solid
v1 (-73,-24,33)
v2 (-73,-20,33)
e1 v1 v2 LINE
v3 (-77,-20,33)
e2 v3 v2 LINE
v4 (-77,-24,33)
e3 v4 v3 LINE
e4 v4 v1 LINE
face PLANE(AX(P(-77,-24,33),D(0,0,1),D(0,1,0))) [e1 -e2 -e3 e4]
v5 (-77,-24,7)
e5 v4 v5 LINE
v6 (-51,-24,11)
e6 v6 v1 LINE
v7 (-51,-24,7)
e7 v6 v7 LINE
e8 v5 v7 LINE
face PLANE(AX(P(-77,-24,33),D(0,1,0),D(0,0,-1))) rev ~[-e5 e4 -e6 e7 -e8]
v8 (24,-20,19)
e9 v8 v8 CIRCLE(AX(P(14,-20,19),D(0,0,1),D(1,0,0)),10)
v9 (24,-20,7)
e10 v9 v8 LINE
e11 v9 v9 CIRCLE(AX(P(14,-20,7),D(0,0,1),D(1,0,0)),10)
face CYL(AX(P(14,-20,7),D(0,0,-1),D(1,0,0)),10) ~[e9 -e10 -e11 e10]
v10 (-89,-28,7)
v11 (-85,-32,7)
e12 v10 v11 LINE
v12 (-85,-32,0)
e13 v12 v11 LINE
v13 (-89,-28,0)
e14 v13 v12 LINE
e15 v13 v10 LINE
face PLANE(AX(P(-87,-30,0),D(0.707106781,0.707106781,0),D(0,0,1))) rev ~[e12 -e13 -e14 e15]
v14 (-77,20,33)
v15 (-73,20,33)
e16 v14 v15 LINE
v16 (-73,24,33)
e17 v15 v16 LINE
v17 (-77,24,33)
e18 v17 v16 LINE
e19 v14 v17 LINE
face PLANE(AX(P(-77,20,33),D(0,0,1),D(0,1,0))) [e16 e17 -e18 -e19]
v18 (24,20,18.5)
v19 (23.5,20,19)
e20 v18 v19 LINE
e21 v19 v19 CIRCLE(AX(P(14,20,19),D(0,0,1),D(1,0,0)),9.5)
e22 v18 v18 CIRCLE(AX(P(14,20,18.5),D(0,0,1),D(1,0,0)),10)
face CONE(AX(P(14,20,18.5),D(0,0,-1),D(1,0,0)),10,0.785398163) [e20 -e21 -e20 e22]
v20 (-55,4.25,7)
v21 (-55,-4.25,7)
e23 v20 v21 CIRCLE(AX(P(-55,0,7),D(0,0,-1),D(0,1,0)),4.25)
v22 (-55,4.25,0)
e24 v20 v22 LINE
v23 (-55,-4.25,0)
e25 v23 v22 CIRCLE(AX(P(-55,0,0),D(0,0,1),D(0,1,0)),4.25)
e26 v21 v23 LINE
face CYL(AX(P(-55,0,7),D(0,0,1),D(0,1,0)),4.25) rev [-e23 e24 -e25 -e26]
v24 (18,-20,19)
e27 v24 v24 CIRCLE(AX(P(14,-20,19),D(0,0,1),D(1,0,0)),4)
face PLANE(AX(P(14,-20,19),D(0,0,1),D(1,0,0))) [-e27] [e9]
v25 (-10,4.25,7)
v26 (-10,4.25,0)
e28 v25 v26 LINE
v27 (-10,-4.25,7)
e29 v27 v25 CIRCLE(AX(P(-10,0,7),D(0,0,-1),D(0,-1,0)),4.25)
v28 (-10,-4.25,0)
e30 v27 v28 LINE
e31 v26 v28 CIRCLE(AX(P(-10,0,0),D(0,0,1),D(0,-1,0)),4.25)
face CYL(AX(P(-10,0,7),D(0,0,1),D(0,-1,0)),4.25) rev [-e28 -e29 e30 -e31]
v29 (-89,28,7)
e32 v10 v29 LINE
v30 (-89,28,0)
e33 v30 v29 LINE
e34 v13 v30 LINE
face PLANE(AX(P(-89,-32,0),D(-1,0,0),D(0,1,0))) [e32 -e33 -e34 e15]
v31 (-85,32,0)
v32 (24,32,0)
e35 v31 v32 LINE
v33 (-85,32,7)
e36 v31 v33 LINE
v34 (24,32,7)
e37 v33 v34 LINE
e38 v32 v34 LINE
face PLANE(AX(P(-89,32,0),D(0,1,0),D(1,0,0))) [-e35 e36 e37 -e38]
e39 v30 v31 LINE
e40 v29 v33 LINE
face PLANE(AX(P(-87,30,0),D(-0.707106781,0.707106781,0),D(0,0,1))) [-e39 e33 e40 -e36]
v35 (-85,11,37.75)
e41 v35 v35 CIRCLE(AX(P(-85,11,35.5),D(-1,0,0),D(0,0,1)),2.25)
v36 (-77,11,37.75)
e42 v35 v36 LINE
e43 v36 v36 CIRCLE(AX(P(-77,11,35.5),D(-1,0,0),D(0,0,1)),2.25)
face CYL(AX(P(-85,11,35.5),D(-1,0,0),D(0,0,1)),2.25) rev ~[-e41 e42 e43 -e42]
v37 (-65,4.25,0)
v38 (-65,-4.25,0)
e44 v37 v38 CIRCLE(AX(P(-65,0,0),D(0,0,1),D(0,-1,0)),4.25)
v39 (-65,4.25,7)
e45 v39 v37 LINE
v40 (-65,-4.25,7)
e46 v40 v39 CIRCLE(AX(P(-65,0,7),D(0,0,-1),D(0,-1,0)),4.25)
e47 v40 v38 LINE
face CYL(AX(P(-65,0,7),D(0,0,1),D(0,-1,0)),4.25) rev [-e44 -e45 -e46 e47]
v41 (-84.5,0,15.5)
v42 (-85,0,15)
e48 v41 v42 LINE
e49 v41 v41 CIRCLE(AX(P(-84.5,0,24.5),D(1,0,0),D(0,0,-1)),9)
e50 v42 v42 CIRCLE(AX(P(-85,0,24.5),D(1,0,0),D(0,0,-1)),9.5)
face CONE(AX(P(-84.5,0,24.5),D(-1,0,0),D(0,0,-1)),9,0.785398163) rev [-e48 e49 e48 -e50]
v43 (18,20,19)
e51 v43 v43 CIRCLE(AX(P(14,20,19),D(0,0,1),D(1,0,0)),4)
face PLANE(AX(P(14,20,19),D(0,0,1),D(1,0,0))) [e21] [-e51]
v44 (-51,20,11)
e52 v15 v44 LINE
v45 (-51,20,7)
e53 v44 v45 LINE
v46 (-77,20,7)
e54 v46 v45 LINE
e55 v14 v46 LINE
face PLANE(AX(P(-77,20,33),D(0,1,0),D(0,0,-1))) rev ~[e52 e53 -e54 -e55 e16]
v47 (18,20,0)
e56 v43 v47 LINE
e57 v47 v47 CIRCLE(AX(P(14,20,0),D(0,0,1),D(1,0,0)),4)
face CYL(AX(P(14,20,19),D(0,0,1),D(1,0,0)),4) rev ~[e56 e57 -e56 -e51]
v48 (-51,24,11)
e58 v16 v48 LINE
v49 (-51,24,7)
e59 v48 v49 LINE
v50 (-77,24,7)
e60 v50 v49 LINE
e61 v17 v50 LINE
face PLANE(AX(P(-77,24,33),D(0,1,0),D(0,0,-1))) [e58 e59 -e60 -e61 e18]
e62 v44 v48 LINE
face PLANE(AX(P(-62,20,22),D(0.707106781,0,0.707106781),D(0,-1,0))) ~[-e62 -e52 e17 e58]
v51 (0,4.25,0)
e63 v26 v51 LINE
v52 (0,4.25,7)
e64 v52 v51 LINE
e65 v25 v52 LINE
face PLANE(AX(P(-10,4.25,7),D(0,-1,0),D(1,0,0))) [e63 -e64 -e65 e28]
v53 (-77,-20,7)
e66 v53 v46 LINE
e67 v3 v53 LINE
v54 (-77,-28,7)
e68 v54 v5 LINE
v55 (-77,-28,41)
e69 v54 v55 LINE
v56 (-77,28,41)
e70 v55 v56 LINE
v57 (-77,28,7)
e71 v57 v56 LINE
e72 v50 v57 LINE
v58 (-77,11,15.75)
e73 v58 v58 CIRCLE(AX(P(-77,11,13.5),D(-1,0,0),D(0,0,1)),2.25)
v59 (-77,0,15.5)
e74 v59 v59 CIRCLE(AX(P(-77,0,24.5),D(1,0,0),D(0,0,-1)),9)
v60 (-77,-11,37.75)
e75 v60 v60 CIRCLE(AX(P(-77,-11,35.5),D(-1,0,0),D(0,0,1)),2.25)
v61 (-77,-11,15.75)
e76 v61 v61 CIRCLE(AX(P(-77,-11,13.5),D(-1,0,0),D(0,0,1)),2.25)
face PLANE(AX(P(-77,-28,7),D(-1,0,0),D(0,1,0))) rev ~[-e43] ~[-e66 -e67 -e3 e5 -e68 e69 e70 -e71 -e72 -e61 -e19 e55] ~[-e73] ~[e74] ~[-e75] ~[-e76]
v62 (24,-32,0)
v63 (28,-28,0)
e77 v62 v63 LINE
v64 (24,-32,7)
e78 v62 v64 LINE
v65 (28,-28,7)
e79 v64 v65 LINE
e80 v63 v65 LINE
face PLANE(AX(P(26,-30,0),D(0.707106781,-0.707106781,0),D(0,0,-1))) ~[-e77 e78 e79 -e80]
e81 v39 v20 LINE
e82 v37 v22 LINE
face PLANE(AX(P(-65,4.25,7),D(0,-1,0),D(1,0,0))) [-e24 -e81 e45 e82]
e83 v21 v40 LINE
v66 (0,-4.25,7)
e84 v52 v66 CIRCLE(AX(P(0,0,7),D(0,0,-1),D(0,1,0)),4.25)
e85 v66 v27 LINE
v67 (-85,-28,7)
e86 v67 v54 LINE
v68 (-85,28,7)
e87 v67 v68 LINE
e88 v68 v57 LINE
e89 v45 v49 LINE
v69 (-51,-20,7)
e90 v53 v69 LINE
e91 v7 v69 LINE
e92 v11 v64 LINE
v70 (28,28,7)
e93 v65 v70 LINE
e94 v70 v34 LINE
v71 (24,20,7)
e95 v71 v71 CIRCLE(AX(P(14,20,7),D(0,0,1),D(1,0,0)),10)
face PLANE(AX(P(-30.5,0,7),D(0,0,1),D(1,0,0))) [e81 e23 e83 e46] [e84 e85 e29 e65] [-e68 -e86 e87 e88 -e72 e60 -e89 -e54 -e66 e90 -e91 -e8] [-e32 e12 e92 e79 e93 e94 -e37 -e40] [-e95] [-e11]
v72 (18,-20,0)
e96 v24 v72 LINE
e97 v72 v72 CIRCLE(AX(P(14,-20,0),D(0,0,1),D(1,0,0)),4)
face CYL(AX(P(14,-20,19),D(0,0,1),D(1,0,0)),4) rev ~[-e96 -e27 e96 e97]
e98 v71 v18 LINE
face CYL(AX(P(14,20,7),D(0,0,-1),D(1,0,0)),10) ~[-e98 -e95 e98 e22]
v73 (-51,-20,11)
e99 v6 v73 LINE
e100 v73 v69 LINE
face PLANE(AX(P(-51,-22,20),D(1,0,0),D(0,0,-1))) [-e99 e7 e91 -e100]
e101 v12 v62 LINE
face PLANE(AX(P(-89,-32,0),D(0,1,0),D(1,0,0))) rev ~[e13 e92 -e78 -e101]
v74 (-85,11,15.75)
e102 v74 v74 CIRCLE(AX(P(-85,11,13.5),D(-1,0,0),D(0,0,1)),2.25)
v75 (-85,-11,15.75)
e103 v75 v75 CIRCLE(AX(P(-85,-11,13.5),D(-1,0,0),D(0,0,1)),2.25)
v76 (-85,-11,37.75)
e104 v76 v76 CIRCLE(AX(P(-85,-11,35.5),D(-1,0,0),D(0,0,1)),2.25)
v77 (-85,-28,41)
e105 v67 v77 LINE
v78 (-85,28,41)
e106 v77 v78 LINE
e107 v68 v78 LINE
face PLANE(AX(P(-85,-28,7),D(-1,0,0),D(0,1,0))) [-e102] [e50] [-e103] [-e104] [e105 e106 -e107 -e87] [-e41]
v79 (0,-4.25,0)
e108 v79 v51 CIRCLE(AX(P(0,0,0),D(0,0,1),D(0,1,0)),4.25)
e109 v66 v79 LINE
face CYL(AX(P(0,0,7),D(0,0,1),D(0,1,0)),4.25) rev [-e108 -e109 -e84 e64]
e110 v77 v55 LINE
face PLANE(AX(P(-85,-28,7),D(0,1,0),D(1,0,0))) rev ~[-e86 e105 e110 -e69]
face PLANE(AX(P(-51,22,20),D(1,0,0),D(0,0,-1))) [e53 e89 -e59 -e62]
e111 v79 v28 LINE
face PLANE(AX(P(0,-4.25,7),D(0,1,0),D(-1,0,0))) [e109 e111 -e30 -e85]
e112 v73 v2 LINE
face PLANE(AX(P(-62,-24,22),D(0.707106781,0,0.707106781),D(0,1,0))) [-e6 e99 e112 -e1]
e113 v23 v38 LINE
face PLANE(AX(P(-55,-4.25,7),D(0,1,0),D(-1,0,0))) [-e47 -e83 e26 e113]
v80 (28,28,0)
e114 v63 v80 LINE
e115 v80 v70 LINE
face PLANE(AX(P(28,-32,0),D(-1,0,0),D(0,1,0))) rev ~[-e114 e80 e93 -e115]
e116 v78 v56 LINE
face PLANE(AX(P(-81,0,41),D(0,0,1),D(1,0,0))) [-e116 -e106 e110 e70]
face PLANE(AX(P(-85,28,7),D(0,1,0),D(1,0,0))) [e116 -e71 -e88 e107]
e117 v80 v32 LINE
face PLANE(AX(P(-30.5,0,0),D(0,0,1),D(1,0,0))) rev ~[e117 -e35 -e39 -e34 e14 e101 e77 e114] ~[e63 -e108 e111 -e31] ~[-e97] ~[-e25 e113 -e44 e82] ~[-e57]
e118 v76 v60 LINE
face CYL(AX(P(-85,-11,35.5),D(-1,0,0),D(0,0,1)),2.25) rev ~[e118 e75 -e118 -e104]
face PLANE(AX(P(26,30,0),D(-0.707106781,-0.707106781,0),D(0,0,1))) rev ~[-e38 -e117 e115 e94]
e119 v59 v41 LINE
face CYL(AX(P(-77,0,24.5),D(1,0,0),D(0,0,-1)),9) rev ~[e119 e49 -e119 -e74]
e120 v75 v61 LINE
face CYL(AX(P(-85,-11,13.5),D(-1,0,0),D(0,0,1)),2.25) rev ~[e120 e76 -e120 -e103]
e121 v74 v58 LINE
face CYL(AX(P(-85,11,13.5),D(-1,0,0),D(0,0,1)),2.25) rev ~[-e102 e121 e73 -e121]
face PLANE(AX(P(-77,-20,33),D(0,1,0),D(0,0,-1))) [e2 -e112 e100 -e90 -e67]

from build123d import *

# Parameters (mm, degrees)
ESQUISSE1_W             = 117
ESQUISSE1_H             = 64
BASE_EXTRUSION_DEPTH    = 7
CHANFREIN1_SIZE         = 4
ESQUISSE2_R             = 10
BOSS_EXTRU_1_DEPTH      = 12
CHANFREIN3_SIZE         = 0.5
ESQUISSE5_R             = 10
BOSS_EXTRU_4_DEPTH      = 12
ESQUISSE7_W             = 8
ESQUISSE7_H             = 56
BOSS_EXTRU_7_DEPTH      = 34
ESQUISSE10_W            = 26
ESQUISSE10_H            = 4
BOSS_EXTRU_9_DEPTH      = 26
CHANFREIN6_SIZE         = 22
ESQUISSE12_W            = 26
ESQUISSE12_H            = 4
BOSS_EXTRU_11_DEPTH     = 26
CHANFREIN7_SIZE         = 22
ESQUISSE13_R            = 9
ENL_V_MAT_EXTRU_1_DEPTH = 118.175082675
CHANFREIN8_SIZE         = 0.5
ESQUISSE3_R             = 4
ENL_V_MAT_EXTRU_2_DEPTH = 98.103038058
ESQUISSE6_R             = 4
ENL_V_MAT_EXTRU_3_DEPTH = 115.893630598
ESQUISSE14_R            = 2.25
ENL_V_MAT_EXTRU_4_DEPTH = 10
ENL_V_MAT_EXTRU_5_DEPTH = 10


with BuildPart() as part:
    # Esquisse1 → Base-Extrusion (new body)
    with BuildSketch(Plane.XY):
        with Locations((-30.5, 0)):
            Rectangle(ESQUISSE1_W, ESQUISSE1_H)
    extrude(amount=BASE_EXTRUSION_DEPTH)

    # Chanfrein1
    chanfrein1_edges = [part.edges().sort_by_distance(p)[0] for p in [
        (-89, 32, 3.5),
        (28, 32, 3.5),
        (28, -32, 3.5),
        (-89, -32, 3.5),
    ]]
    chamfer(chanfrein1_edges, length=CHANFREIN1_SIZE)

    # Esquisse2 → Boss.-Extru.1 (add)
    with BuildSketch(Plane.XY.offset(7)):
        with Locations((14, 20)):
            Circle(ESQUISSE2_R)
    extrude(amount=BOSS_EXTRU_1_DEPTH)

    # Chanfrein3
    chanfrein3_edges = [part.edges().sort_by_distance(p)[0] for p in [
        (4, 20, 19),
    ]]
    chamfer(chanfrein3_edges, length=CHANFREIN3_SIZE)

    # Esquisse5 → Boss.-Extru.4 (add)
    with BuildSketch(Plane(origin=(2.388625814, -32.120396389, 7), x_dir=(1, 0, 0), z_dir=(0, 0, 1))):
        with Locations((11.611374186, 12.120396389)):
            Circle(ESQUISSE5_R)
    extrude(amount=BOSS_EXTRU_4_DEPTH)

    # Esquisse7 → Boss.-Extru.7 (add)
    with BuildSketch(Plane.XY.offset(7)):
        with Locations((-81, 0)):
            Rectangle(ESQUISSE7_W, ESQUISSE7_H)
    extrude(amount=BOSS_EXTRU_7_DEPTH)

    # Esquisse10 → Boss.-Extru.9 (add)
    with BuildSketch(Plane(origin=(-77, 0, 0), x_dir=(0, 0, -1), z_dir=(1, 0, 0))):
        with Locations((-20, -22)):
            Rectangle(ESQUISSE10_W, ESQUISSE10_H)
    extrude(amount=BOSS_EXTRU_9_DEPTH)

    # Chanfrein6
    chanfrein6_edges = [part.edges().sort_by_distance(p)[0] for p in [
        (-51, -22, 33),
    ]]
    chamfer(chanfrein6_edges, length=CHANFREIN6_SIZE)

    # Esquisse12 → Boss.-Extru.11 (add)
    with BuildSketch(Plane(origin=(-77, 31.797692959, 13.355678207), x_dir=(0, 0, -1), z_dir=(1, 0, 0))):
        with Locations((-6.644321793, -9.797692959)):
            Rectangle(ESQUISSE12_W, ESQUISSE12_H)
    extrude(amount=BOSS_EXTRU_11_DEPTH)

    # Chanfrein7
    chanfrein7_edges = [part.edges().sort_by_distance(p)[0] for p in [
        (-51, 22, 33),
    ]]
    chamfer(chanfrein7_edges, length=CHANFREIN7_SIZE)

    # Esquisse13 → Enlèv. mat.-Extru.1 (cut, through all)
    with BuildSketch(Plane(origin=(-77, 0, 0), x_dir=(0, 0, -1), z_dir=(1, 0, 0))):
        with Locations((-24.5, 0)):
            Circle(ESQUISSE13_R)
    extrude(amount=-ENL_V_MAT_EXTRU_1_DEPTH, mode=Mode.SUBTRACT)

    # Chanfrein8
    chanfrein8_edges = [part.edges().sort_by_distance(p)[0] for p in [
        (-85, 0, 33.5),
    ]]
    chamfer(chanfrein8_edges, length=CHANFREIN8_SIZE)

    # Esquisse3 → Enlèv. mat.-Extru.2 (cut, through all)
    with BuildSketch(Plane.XY.offset(19)):
        with Locations((14, 20)):
            Circle(ESQUISSE3_R)
    extrude(amount=-ENL_V_MAT_EXTRU_2_DEPTH, mode=Mode.SUBTRACT)

    # Esquisse6 → Enlèv. mat.-Extru.3 (cut, through all)
    with BuildSketch(Plane(origin=(6.243462417, -28.375733692, 19), x_dir=(1, 0, 0), z_dir=(0, 0, 1))):
        with Locations((7.756537583, 8.375733692)):
            Circle(ESQUISSE6_R)
    extrude(amount=-ENL_V_MAT_EXTRU_3_DEPTH, mode=Mode.SUBTRACT)

    # Esquisse14 → Enlèv. mat.-Extru.4 (cut)
    with BuildSketch(Plane.ZY.offset(85)):
        with Locations((35.5, 11)):
            Circle(ESQUISSE14_R)
        with Locations((13.5, 11)):
            Circle(ESQUISSE14_R)
        with Locations((13.5, -11)):
            Circle(ESQUISSE14_R)
        with Locations((35.5, -11)):
            Circle(ESQUISSE14_R)
    extrude(amount=-ENL_V_MAT_EXTRU_4_DEPTH, mode=Mode.SUBTRACT)

    # Esquisse15 → Enlèv. mat.-Extru.5 (cut)
    with BuildSketch(Plane.XY.offset(7)):
        with BuildLine():
            Line((-10, 4.25), (0, 4.25))
            ThreePointArc((0, 4.25), (4.25, 0), (0, -4.25))
            Line((0, -4.25), (-10, -4.25))
            ThreePointArc((-10, -4.25), (-14.25, 0), (-10, 4.25))
        make_face()
        with BuildLine():
            Line((-65, 4.25), (-55, 4.25))
            ThreePointArc((-55, 4.25), (-50.75, 0), (-55, -4.25))
            Line((-55, -4.25), (-65, -4.25))
            ThreePointArc((-65, -4.25), (-69.25, 0), (-65, 4.25))
        make_face()
    extrude(amount=-ENL_V_MAT_EXTRU_5_DEPTH, mode=Mode.SUBTRACT)


solid = part.part
